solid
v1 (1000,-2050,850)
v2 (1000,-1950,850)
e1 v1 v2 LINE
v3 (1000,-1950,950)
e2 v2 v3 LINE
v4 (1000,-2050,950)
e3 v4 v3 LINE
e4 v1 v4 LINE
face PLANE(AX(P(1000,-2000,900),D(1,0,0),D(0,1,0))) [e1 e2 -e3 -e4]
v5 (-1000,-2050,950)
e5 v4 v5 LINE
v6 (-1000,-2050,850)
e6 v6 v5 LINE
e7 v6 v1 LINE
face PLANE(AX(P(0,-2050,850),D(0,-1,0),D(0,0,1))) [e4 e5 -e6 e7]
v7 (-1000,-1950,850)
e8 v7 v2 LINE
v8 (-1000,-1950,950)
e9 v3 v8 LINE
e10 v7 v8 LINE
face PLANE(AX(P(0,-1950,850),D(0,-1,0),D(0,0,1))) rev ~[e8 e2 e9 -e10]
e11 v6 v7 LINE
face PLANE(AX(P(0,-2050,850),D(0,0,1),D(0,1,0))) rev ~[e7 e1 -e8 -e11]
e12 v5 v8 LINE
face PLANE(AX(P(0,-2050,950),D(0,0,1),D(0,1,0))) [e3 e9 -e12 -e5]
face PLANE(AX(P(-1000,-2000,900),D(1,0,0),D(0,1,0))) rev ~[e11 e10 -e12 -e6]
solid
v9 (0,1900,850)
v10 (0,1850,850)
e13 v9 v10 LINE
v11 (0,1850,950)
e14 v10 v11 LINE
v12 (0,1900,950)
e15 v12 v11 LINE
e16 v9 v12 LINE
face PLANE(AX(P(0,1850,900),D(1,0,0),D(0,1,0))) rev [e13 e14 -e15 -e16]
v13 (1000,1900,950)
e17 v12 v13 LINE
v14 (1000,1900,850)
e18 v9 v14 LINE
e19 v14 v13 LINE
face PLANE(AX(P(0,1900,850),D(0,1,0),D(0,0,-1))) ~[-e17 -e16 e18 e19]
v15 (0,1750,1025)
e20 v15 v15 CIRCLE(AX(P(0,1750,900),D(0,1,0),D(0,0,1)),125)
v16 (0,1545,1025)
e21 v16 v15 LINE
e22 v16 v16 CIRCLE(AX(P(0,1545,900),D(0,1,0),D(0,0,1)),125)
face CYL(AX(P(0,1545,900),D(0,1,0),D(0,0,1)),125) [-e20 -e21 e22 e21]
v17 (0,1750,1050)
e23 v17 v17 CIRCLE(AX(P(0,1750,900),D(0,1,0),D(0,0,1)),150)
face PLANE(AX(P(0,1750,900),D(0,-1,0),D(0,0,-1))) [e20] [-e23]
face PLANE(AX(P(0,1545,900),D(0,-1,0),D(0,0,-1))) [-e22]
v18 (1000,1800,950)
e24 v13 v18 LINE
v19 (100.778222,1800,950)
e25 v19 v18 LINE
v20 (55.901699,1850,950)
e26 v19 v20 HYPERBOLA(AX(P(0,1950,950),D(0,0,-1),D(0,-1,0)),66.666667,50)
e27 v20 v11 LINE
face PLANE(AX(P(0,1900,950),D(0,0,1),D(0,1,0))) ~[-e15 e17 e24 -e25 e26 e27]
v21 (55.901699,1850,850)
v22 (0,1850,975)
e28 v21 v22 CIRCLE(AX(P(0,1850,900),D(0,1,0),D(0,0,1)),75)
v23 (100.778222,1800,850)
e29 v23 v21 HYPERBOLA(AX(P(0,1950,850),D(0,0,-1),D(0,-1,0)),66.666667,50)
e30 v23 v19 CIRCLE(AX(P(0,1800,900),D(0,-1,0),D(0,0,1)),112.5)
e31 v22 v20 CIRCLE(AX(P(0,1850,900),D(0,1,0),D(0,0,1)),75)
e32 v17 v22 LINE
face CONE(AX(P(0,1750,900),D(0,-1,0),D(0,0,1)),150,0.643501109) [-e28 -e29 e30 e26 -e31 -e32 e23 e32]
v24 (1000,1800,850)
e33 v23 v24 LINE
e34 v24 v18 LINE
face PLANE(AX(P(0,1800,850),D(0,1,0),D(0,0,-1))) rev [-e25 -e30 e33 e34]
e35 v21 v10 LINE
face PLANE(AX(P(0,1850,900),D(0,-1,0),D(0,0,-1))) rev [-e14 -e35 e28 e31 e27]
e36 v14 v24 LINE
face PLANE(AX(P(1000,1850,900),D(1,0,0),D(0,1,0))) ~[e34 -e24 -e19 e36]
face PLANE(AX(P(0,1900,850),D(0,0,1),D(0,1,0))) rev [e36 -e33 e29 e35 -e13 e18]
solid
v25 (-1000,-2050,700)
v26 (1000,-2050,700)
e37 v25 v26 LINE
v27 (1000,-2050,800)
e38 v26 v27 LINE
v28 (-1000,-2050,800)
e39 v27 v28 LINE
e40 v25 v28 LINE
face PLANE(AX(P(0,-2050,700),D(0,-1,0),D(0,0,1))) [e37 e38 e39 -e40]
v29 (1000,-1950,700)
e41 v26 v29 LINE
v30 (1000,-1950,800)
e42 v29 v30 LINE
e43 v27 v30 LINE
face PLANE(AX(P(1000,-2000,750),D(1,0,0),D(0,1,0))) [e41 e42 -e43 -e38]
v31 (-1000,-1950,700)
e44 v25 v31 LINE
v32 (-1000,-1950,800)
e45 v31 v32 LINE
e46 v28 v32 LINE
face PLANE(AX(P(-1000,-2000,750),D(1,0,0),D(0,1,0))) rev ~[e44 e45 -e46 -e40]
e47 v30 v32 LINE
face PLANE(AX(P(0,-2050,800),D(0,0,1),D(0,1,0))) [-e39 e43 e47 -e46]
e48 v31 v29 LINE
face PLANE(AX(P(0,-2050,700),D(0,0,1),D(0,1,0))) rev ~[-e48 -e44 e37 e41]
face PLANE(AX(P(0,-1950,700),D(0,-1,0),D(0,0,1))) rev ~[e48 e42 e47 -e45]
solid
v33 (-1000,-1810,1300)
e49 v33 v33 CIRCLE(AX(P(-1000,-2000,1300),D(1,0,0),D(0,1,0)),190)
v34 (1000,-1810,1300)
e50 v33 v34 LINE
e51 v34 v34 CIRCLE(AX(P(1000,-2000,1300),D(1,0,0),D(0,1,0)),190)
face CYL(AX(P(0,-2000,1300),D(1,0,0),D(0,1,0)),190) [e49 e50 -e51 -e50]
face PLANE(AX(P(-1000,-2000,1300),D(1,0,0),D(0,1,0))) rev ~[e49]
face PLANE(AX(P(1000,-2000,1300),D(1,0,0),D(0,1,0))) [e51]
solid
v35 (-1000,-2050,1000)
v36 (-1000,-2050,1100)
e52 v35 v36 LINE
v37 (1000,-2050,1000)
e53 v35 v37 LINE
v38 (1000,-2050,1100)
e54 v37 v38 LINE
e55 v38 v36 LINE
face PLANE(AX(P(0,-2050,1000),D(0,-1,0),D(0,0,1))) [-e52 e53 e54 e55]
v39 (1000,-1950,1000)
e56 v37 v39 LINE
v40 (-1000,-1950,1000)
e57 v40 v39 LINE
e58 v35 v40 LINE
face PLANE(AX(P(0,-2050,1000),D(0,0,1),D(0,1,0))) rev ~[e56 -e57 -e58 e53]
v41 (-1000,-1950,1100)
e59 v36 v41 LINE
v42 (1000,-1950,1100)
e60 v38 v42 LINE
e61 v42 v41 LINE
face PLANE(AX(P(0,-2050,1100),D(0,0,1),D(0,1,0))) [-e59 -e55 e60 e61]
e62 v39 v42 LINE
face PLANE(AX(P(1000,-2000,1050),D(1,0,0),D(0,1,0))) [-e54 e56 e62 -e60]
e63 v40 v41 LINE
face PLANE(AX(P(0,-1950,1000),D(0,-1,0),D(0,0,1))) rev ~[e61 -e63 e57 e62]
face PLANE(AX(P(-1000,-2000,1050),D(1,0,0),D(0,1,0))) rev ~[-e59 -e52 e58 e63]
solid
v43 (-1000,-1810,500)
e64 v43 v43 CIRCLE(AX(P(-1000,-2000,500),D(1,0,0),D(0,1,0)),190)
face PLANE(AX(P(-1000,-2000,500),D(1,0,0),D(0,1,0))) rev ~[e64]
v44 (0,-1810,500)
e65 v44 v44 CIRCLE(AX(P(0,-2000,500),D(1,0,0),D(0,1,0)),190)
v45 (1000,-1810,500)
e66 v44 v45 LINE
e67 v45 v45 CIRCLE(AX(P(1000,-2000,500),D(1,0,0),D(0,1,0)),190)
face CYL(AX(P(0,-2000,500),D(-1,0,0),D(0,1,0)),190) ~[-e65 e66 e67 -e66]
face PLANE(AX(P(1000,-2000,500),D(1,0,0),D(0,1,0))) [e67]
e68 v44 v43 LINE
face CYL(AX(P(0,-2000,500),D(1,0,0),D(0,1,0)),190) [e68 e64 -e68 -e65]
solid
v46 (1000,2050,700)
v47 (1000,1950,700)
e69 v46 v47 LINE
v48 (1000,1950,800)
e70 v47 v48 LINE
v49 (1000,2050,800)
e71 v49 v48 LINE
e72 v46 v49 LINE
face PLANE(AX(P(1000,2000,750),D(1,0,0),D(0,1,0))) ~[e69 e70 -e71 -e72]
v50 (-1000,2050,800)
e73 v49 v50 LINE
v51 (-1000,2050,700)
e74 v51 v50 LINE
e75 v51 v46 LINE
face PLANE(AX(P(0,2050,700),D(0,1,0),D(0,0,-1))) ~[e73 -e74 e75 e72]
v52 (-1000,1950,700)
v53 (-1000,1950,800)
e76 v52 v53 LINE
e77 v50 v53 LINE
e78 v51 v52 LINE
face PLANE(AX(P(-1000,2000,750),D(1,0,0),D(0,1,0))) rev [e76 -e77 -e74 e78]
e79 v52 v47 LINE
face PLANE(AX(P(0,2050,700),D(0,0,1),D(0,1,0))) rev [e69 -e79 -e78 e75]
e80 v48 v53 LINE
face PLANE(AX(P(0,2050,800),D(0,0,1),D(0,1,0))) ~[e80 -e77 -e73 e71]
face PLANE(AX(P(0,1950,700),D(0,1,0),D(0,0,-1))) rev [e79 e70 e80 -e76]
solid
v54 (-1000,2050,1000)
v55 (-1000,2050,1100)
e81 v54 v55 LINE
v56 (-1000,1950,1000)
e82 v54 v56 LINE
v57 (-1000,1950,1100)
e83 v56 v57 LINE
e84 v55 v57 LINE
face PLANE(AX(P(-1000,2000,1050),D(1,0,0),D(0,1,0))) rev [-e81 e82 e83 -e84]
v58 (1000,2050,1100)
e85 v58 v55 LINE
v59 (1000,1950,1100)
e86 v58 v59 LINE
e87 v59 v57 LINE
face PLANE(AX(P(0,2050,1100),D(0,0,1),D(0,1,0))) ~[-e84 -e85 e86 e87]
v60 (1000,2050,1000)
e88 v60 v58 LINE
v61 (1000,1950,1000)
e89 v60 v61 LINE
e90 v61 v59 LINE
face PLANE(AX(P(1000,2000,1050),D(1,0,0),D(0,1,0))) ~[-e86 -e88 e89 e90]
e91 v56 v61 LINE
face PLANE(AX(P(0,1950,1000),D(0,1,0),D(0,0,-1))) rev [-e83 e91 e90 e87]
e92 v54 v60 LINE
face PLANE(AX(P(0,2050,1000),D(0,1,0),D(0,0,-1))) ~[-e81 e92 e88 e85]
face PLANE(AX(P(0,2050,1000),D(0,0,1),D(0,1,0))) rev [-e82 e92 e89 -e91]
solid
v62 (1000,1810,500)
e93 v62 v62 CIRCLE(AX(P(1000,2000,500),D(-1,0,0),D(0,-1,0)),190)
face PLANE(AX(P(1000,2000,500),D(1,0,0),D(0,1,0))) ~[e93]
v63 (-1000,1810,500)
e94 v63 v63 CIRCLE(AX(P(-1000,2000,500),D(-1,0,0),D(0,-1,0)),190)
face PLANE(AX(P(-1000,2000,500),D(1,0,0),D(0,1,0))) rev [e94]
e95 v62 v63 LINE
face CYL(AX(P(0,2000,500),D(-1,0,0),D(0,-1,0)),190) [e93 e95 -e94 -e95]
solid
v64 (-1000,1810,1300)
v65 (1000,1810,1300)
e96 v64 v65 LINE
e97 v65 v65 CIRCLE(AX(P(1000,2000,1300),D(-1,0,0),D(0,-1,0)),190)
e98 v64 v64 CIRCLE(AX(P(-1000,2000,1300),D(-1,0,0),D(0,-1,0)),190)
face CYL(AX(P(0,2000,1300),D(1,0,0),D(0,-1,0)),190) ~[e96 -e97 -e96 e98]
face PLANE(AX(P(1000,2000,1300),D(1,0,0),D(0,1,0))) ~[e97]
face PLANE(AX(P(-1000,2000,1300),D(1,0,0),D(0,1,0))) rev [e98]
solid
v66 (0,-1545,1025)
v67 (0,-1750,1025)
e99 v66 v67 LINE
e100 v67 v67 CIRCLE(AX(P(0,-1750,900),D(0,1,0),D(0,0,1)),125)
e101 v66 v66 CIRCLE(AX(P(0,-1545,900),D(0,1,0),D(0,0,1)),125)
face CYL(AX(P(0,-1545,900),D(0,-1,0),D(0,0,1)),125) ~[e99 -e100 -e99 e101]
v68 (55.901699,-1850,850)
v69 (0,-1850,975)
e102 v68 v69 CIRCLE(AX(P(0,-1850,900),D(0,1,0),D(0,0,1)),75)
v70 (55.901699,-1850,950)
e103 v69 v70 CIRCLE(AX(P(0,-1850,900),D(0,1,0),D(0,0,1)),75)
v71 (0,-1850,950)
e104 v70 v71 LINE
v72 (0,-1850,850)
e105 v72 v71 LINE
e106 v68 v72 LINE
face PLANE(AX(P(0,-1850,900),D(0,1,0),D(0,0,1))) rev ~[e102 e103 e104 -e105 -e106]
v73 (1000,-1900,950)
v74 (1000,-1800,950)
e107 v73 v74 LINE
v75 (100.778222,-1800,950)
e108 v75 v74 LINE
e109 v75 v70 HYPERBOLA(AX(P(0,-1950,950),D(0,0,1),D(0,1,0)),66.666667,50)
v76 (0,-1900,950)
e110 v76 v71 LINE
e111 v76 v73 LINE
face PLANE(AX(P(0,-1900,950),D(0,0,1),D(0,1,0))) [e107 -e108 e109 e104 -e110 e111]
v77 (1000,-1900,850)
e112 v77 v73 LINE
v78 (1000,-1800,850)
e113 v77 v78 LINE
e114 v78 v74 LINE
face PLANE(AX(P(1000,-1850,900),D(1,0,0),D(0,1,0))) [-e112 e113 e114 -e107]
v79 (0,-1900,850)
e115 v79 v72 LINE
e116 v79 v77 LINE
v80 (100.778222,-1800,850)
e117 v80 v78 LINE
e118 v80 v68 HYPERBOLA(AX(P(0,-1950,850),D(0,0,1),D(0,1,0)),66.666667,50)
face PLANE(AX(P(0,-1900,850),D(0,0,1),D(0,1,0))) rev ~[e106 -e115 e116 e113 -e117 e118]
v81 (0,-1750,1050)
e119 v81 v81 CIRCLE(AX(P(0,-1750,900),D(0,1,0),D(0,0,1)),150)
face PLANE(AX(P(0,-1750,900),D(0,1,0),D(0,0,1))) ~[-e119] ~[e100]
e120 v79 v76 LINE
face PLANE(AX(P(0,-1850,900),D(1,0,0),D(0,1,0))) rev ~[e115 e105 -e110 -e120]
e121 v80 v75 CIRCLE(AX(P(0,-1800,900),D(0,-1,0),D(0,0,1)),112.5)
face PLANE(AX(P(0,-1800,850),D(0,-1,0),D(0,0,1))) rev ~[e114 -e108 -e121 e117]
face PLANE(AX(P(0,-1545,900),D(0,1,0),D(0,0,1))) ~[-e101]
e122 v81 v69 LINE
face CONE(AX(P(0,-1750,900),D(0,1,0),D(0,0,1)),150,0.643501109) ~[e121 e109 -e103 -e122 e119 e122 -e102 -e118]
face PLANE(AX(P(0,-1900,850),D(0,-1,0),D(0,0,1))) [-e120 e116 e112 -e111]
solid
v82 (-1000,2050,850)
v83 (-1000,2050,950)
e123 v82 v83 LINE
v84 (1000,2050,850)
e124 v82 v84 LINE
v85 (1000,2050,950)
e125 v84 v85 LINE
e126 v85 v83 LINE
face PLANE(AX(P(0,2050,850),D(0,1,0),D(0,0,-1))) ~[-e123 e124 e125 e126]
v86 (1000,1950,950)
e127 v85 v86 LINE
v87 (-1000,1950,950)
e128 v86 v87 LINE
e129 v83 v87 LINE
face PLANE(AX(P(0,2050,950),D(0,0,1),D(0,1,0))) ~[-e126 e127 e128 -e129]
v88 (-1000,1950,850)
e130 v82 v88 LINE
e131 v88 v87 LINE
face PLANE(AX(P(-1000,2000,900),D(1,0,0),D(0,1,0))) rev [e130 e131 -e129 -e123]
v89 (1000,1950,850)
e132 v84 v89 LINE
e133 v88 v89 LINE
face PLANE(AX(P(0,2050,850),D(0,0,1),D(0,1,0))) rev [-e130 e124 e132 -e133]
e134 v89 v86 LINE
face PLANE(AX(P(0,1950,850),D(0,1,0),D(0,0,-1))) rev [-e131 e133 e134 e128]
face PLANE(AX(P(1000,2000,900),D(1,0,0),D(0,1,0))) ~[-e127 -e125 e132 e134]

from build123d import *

# Parameters (mm, degrees)
F0_W     = 100
F0_H     = 100
F0_R     = 190
F1_DEPTH = 1000
F2_W     = 100
F2_H     = 100
F3_DEPTH = 1000


with BuildPart() as f1:
    # F0 (on Right) → F1 (new body, symmetric)
    with BuildSketch(Plane.YZ):
        with Locations((-2000, 900)):
            Rectangle(F0_W, F0_H)
        with Locations((-2000, 750)):
            Rectangle(F0_W, F0_H)
        with Locations((-2000, 1050)):
            Rectangle(F0_W, F0_H)
        with Locations((-2000, 500)):
            Circle(F0_R)
        with Locations((-2000, 1300)):
            Circle(F0_R)
    extrude(amount=F1_DEPTH, both=True)


with BuildPart() as f3:
    # F2 (on Right) → F3 (new body, through all)
    with BuildSketch(Plane.YZ):
        with Locations((-1850, 900)):
            Rectangle(F2_W, F2_H)
    extrude(amount=F3_DEPTH)

    # F4 (on Right) → F5 (revolve)
    with BuildSketch(Plane.YZ):
        Polygon((-1850, 975), (-1850, 900), (-1545, 900), (-1545, 1025), (-1750, 1025), (-1750, 1050), align=None)
    revolve(axis=Axis((0, -1850, 900), (0, 1, 0)))


with BuildPart() as f6_1:
    # F6: instance of F3
    add(f3.part.mirror(Plane.XZ))


with BuildPart() as f6_2:
    # F6: instance of F1
    add(f1.part.mirror(Plane.XZ))


solid = Compound([f1.part, f3.part, f6_1.part, f6_2.part])
